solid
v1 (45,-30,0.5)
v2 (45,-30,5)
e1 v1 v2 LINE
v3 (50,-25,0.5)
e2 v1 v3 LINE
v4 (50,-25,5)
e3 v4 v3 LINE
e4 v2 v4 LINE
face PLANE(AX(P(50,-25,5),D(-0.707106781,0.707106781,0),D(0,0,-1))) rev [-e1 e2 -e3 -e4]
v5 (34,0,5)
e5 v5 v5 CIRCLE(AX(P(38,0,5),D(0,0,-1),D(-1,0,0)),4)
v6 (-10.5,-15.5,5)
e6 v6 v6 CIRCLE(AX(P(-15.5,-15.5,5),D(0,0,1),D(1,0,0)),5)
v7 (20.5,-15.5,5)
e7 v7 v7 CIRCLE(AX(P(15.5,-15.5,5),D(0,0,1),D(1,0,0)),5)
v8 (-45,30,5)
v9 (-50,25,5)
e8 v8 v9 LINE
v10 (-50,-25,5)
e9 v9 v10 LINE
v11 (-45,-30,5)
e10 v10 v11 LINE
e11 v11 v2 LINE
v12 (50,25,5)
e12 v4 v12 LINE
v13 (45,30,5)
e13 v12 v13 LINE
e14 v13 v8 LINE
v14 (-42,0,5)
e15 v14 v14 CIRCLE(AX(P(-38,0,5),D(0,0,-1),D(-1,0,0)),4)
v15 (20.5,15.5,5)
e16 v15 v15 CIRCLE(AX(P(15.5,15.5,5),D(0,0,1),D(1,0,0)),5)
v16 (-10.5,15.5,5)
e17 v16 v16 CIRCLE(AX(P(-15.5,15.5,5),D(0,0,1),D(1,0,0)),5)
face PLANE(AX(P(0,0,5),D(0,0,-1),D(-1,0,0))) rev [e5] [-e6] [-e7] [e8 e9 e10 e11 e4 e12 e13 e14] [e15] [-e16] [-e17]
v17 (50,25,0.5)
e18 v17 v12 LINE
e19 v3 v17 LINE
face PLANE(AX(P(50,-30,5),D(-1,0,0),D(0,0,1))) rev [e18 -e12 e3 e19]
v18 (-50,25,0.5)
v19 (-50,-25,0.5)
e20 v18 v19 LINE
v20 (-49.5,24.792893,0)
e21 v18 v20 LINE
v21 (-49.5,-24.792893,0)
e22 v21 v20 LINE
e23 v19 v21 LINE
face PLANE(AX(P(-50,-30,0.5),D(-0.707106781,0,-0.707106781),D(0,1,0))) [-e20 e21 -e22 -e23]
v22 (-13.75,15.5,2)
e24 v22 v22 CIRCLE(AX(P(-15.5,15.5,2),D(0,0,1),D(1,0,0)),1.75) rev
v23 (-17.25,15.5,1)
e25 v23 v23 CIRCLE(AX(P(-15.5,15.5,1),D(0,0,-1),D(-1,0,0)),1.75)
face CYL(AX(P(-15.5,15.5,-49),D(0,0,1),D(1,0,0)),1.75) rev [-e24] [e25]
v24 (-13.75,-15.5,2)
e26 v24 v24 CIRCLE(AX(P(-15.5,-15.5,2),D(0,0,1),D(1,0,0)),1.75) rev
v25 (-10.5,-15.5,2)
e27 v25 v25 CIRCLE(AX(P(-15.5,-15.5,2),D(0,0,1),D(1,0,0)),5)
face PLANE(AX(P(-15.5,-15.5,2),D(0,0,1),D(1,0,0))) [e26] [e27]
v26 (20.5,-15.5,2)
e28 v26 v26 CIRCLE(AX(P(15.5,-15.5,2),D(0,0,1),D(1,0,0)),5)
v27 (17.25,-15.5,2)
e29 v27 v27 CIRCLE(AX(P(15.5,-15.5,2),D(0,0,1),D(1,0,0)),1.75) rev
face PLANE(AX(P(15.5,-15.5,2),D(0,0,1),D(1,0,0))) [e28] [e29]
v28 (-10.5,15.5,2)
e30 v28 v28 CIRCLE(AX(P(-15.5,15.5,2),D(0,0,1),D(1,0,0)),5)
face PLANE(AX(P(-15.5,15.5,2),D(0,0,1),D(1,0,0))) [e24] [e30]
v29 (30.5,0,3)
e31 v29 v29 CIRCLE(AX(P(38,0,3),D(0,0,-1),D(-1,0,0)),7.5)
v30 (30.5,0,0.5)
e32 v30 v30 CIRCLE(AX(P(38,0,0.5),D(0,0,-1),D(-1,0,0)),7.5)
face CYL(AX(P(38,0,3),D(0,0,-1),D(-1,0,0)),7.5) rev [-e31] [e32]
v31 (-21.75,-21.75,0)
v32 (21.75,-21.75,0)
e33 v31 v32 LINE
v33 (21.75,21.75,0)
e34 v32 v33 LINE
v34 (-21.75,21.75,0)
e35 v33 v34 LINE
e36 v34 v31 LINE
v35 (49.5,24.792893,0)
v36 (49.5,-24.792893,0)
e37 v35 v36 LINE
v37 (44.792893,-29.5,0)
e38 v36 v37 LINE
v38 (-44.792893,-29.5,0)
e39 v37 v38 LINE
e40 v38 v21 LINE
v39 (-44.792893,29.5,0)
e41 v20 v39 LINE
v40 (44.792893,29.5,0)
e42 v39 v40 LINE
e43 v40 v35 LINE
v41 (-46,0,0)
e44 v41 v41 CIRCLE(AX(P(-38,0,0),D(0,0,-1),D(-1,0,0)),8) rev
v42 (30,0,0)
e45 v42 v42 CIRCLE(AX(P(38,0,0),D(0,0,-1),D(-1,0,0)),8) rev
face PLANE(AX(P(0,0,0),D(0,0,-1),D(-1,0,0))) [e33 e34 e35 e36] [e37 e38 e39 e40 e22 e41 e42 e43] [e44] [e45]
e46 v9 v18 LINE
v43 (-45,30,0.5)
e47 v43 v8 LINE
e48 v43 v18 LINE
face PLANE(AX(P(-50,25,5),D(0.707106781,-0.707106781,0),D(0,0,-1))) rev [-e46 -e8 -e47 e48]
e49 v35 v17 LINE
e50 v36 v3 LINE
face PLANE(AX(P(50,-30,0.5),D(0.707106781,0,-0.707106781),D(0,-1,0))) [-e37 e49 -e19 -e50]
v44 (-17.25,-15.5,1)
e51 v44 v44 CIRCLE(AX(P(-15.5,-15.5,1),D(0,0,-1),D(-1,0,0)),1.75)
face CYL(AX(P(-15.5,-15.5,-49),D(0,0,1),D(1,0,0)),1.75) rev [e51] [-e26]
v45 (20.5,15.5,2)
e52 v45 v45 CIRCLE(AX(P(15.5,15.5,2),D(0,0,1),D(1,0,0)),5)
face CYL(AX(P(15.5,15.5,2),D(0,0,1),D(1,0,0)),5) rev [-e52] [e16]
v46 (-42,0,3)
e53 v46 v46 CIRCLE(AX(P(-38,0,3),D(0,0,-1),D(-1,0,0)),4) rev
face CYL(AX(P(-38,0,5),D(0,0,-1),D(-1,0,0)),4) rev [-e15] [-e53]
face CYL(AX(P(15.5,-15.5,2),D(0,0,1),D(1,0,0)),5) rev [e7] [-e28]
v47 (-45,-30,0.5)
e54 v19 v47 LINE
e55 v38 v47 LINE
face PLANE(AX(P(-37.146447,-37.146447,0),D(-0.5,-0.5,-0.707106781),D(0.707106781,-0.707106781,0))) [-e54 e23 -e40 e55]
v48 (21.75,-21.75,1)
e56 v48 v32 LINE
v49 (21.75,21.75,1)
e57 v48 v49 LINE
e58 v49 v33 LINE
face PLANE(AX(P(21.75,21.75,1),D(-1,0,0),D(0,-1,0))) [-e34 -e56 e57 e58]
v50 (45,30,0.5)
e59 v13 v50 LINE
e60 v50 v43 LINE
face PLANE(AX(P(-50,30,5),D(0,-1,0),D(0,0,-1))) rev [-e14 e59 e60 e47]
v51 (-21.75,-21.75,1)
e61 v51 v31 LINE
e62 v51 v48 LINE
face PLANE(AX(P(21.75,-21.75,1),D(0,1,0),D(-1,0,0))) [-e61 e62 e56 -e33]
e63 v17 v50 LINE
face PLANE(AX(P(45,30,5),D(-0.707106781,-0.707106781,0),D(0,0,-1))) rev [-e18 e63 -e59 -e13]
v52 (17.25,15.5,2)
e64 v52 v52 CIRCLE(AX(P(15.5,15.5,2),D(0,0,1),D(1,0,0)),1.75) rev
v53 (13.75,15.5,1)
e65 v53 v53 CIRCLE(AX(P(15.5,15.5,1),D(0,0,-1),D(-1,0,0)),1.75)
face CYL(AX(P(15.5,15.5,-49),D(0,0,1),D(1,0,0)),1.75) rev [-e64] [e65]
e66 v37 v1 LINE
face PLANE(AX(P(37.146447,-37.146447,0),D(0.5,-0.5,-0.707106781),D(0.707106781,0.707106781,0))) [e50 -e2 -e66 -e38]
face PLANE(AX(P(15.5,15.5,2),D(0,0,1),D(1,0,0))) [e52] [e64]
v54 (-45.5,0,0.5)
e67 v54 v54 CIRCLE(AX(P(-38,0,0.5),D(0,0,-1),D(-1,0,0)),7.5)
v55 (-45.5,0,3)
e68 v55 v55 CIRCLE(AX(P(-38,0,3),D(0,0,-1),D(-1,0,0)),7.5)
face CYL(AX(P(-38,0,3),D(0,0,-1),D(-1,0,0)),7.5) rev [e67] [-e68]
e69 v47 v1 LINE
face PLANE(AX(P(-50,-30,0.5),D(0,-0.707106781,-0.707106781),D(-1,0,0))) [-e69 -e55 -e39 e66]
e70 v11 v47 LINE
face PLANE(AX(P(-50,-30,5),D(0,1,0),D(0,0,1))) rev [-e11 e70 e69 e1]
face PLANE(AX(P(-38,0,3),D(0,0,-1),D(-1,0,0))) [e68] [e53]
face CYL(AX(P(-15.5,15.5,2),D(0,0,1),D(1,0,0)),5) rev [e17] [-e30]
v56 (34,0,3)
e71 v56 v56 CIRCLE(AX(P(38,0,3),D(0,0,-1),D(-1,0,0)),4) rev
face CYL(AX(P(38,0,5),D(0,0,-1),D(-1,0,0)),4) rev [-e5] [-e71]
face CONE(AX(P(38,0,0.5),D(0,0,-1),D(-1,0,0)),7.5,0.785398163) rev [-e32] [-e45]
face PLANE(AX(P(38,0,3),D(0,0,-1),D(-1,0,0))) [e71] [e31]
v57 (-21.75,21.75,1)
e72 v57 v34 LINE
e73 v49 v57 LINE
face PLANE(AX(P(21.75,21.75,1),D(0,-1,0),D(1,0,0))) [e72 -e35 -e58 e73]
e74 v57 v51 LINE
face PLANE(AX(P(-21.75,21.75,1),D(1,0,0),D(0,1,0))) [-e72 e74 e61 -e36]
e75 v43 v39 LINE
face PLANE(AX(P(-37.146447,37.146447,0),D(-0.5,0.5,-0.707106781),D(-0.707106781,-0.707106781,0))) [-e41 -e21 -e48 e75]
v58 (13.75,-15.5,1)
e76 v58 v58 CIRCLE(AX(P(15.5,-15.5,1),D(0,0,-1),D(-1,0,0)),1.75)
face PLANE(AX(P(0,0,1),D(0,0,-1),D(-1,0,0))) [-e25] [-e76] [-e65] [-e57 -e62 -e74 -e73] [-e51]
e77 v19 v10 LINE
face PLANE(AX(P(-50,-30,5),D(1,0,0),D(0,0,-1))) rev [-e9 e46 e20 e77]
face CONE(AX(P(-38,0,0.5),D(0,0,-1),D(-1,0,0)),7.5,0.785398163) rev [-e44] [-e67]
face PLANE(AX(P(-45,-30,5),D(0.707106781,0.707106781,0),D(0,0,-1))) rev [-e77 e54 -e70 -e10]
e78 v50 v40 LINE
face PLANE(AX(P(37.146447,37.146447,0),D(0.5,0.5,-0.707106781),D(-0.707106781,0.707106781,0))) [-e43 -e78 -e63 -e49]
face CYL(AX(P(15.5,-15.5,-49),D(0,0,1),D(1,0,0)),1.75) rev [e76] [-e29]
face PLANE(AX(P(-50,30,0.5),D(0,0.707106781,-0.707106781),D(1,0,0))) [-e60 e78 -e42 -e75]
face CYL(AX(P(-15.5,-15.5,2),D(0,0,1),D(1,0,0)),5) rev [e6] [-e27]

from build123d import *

# Parameters (mm, degrees)
SKETCH1_W               = 100
SKETCH1_H               = 60
BOSS_EXTRUDE1_DEPTH     = 5
SKETCH3_W               = 43.5
SKETCH3_H               = 43.5
CUT_EXTRUDE1_DEPTH      = 1
SKETCH4_R               = 1.75
CUT_EXTRUDE3_DEPTH      = 92
CUT_EXTRUDE3_DEPTH_BACK = 1
SKETCH5_R               = 5
CUT_EXTRUDE4_DEPTH      = 3
SKETCH6_R               = 4
CUT_EXTRUDE5_DEPTH      = 1
CUT_EXTRUDE5_DEPTH_BACK = 6
SKETCH7_R               = 7.5
CUT_EXTRUDE6_DEPTH      = 3
CHAMFER1_SIZE           = 0.5
CHAMFER2_SIZE           = 5
CHAMFER3_SIZE           = 0.5


with BuildPart() as part:
    # Sketch1 → Boss-Extrude1 (new body)
    with BuildSketch(Plane.XY):
        Rectangle(SKETCH1_W, SKETCH1_H)
    extrude(amount=BOSS_EXTRUDE1_DEPTH)

    # Sketch3 → Cut-Extrude1 (cut)
    with BuildSketch(Plane.XY):
        Rectangle(SKETCH3_W, SKETCH3_H)
    extrude(amount=CUT_EXTRUDE1_DEPTH, mode=Mode.SUBTRACT)

    # Sketch4 → Cut-Extrude3 (cut, two sides)
    with BuildSketch(Plane.XY.offset(-48)) as cut_extrude3_sk:
        with Locations((-15.5, 15.5)):
            Circle(SKETCH4_R)
        with Locations((15.5, 15.5)):
            Circle(SKETCH4_R)
        with Locations((15.499999999, -15.5)):
            Circle(SKETCH4_R)
        with Locations((-15.5, -15.5)):
            Circle(SKETCH4_R)
    extrude(amount=CUT_EXTRUDE3_DEPTH, mode=Mode.SUBTRACT)
    extrude(cut_extrude3_sk.sketch, amount=-CUT_EXTRUDE3_DEPTH_BACK, mode=Mode.SUBTRACT)

    # Sketch5 → Cut-Extrude4 (cut)
    with BuildSketch(Plane.XY.offset(5)):
        with Locations((-15.5, 15.5)):
            Circle(SKETCH5_R)
        with Locations((15.5, 15.5)):
            Circle(SKETCH5_R)
        with Locations((15.499999999, -15.5)):
            Circle(SKETCH5_R)
        with Locations((-15.5, -15.5)):
            Circle(SKETCH5_R)
    extrude(amount=-CUT_EXTRUDE4_DEPTH, mode=Mode.SUBTRACT)

    # Sketch6 → Cut-Extrude5 (cut, two sides)
    with BuildSketch(Plane(origin=(0, 0, 0), x_dir=(-1, 0, 0), z_dir=(0, 0, -1))) as cut_extrude5_sk:
        with Locations((-38, 0)):
            Circle(SKETCH6_R)
        with Locations((38, 0)):
            Circle(SKETCH6_R)
    extrude(amount=CUT_EXTRUDE5_DEPTH, mode=Mode.SUBTRACT)
    extrude(cut_extrude5_sk.sketch, amount=-CUT_EXTRUDE5_DEPTH_BACK, mode=Mode.SUBTRACT)

    # Sketch7 → Cut-Extrude6 (cut)
    with BuildSketch(Plane(origin=(0, 0, 0), x_dir=(-1, 0, 0), z_dir=(0, 0, -1))):
        with Locations((-38, 0)):
            Circle(SKETCH7_R)
        with Locations((38, 0)):
            Circle(SKETCH7_R)
    extrude(amount=-CUT_EXTRUDE6_DEPTH, mode=Mode.SUBTRACT)

    # Chamfer1
    chamfer1_edges = [part.edges().sort_by_distance(p)[0] for p in [
        (45.5, 0, 0),
        (-30.5, 0, 0),
    ]]
    chamfer(chamfer1_edges, length=CHAMFER1_SIZE)

    # Chamfer2
    chamfer2_edges = [part.edges().sort_by_distance(p)[0] for p in [
        (50, -30, 2.5),
        (-50, -30, 2.5),
        (-50, 30, 2.5),
        (50, 30, 2.5),
    ]]
    chamfer(chamfer2_edges, length=CHAMFER2_SIZE)

    # Chamfer3
    chamfer3_edges = [part.edges().sort_by_distance(p)[0] for p in [
        (0, 30, 0),
        (50, 0, 0),
        (0, -30, 0),
        (-50, 0, 0),
        (47.5, -27.5, 0),
        (-47.5, -27.5, 0),
        (-47.5, 27.5, 0),
        (47.5, 27.5, 0),
    ]]
    chamfer(chamfer3_edges, length=CHAMFER3_SIZE)


solid = part.part
